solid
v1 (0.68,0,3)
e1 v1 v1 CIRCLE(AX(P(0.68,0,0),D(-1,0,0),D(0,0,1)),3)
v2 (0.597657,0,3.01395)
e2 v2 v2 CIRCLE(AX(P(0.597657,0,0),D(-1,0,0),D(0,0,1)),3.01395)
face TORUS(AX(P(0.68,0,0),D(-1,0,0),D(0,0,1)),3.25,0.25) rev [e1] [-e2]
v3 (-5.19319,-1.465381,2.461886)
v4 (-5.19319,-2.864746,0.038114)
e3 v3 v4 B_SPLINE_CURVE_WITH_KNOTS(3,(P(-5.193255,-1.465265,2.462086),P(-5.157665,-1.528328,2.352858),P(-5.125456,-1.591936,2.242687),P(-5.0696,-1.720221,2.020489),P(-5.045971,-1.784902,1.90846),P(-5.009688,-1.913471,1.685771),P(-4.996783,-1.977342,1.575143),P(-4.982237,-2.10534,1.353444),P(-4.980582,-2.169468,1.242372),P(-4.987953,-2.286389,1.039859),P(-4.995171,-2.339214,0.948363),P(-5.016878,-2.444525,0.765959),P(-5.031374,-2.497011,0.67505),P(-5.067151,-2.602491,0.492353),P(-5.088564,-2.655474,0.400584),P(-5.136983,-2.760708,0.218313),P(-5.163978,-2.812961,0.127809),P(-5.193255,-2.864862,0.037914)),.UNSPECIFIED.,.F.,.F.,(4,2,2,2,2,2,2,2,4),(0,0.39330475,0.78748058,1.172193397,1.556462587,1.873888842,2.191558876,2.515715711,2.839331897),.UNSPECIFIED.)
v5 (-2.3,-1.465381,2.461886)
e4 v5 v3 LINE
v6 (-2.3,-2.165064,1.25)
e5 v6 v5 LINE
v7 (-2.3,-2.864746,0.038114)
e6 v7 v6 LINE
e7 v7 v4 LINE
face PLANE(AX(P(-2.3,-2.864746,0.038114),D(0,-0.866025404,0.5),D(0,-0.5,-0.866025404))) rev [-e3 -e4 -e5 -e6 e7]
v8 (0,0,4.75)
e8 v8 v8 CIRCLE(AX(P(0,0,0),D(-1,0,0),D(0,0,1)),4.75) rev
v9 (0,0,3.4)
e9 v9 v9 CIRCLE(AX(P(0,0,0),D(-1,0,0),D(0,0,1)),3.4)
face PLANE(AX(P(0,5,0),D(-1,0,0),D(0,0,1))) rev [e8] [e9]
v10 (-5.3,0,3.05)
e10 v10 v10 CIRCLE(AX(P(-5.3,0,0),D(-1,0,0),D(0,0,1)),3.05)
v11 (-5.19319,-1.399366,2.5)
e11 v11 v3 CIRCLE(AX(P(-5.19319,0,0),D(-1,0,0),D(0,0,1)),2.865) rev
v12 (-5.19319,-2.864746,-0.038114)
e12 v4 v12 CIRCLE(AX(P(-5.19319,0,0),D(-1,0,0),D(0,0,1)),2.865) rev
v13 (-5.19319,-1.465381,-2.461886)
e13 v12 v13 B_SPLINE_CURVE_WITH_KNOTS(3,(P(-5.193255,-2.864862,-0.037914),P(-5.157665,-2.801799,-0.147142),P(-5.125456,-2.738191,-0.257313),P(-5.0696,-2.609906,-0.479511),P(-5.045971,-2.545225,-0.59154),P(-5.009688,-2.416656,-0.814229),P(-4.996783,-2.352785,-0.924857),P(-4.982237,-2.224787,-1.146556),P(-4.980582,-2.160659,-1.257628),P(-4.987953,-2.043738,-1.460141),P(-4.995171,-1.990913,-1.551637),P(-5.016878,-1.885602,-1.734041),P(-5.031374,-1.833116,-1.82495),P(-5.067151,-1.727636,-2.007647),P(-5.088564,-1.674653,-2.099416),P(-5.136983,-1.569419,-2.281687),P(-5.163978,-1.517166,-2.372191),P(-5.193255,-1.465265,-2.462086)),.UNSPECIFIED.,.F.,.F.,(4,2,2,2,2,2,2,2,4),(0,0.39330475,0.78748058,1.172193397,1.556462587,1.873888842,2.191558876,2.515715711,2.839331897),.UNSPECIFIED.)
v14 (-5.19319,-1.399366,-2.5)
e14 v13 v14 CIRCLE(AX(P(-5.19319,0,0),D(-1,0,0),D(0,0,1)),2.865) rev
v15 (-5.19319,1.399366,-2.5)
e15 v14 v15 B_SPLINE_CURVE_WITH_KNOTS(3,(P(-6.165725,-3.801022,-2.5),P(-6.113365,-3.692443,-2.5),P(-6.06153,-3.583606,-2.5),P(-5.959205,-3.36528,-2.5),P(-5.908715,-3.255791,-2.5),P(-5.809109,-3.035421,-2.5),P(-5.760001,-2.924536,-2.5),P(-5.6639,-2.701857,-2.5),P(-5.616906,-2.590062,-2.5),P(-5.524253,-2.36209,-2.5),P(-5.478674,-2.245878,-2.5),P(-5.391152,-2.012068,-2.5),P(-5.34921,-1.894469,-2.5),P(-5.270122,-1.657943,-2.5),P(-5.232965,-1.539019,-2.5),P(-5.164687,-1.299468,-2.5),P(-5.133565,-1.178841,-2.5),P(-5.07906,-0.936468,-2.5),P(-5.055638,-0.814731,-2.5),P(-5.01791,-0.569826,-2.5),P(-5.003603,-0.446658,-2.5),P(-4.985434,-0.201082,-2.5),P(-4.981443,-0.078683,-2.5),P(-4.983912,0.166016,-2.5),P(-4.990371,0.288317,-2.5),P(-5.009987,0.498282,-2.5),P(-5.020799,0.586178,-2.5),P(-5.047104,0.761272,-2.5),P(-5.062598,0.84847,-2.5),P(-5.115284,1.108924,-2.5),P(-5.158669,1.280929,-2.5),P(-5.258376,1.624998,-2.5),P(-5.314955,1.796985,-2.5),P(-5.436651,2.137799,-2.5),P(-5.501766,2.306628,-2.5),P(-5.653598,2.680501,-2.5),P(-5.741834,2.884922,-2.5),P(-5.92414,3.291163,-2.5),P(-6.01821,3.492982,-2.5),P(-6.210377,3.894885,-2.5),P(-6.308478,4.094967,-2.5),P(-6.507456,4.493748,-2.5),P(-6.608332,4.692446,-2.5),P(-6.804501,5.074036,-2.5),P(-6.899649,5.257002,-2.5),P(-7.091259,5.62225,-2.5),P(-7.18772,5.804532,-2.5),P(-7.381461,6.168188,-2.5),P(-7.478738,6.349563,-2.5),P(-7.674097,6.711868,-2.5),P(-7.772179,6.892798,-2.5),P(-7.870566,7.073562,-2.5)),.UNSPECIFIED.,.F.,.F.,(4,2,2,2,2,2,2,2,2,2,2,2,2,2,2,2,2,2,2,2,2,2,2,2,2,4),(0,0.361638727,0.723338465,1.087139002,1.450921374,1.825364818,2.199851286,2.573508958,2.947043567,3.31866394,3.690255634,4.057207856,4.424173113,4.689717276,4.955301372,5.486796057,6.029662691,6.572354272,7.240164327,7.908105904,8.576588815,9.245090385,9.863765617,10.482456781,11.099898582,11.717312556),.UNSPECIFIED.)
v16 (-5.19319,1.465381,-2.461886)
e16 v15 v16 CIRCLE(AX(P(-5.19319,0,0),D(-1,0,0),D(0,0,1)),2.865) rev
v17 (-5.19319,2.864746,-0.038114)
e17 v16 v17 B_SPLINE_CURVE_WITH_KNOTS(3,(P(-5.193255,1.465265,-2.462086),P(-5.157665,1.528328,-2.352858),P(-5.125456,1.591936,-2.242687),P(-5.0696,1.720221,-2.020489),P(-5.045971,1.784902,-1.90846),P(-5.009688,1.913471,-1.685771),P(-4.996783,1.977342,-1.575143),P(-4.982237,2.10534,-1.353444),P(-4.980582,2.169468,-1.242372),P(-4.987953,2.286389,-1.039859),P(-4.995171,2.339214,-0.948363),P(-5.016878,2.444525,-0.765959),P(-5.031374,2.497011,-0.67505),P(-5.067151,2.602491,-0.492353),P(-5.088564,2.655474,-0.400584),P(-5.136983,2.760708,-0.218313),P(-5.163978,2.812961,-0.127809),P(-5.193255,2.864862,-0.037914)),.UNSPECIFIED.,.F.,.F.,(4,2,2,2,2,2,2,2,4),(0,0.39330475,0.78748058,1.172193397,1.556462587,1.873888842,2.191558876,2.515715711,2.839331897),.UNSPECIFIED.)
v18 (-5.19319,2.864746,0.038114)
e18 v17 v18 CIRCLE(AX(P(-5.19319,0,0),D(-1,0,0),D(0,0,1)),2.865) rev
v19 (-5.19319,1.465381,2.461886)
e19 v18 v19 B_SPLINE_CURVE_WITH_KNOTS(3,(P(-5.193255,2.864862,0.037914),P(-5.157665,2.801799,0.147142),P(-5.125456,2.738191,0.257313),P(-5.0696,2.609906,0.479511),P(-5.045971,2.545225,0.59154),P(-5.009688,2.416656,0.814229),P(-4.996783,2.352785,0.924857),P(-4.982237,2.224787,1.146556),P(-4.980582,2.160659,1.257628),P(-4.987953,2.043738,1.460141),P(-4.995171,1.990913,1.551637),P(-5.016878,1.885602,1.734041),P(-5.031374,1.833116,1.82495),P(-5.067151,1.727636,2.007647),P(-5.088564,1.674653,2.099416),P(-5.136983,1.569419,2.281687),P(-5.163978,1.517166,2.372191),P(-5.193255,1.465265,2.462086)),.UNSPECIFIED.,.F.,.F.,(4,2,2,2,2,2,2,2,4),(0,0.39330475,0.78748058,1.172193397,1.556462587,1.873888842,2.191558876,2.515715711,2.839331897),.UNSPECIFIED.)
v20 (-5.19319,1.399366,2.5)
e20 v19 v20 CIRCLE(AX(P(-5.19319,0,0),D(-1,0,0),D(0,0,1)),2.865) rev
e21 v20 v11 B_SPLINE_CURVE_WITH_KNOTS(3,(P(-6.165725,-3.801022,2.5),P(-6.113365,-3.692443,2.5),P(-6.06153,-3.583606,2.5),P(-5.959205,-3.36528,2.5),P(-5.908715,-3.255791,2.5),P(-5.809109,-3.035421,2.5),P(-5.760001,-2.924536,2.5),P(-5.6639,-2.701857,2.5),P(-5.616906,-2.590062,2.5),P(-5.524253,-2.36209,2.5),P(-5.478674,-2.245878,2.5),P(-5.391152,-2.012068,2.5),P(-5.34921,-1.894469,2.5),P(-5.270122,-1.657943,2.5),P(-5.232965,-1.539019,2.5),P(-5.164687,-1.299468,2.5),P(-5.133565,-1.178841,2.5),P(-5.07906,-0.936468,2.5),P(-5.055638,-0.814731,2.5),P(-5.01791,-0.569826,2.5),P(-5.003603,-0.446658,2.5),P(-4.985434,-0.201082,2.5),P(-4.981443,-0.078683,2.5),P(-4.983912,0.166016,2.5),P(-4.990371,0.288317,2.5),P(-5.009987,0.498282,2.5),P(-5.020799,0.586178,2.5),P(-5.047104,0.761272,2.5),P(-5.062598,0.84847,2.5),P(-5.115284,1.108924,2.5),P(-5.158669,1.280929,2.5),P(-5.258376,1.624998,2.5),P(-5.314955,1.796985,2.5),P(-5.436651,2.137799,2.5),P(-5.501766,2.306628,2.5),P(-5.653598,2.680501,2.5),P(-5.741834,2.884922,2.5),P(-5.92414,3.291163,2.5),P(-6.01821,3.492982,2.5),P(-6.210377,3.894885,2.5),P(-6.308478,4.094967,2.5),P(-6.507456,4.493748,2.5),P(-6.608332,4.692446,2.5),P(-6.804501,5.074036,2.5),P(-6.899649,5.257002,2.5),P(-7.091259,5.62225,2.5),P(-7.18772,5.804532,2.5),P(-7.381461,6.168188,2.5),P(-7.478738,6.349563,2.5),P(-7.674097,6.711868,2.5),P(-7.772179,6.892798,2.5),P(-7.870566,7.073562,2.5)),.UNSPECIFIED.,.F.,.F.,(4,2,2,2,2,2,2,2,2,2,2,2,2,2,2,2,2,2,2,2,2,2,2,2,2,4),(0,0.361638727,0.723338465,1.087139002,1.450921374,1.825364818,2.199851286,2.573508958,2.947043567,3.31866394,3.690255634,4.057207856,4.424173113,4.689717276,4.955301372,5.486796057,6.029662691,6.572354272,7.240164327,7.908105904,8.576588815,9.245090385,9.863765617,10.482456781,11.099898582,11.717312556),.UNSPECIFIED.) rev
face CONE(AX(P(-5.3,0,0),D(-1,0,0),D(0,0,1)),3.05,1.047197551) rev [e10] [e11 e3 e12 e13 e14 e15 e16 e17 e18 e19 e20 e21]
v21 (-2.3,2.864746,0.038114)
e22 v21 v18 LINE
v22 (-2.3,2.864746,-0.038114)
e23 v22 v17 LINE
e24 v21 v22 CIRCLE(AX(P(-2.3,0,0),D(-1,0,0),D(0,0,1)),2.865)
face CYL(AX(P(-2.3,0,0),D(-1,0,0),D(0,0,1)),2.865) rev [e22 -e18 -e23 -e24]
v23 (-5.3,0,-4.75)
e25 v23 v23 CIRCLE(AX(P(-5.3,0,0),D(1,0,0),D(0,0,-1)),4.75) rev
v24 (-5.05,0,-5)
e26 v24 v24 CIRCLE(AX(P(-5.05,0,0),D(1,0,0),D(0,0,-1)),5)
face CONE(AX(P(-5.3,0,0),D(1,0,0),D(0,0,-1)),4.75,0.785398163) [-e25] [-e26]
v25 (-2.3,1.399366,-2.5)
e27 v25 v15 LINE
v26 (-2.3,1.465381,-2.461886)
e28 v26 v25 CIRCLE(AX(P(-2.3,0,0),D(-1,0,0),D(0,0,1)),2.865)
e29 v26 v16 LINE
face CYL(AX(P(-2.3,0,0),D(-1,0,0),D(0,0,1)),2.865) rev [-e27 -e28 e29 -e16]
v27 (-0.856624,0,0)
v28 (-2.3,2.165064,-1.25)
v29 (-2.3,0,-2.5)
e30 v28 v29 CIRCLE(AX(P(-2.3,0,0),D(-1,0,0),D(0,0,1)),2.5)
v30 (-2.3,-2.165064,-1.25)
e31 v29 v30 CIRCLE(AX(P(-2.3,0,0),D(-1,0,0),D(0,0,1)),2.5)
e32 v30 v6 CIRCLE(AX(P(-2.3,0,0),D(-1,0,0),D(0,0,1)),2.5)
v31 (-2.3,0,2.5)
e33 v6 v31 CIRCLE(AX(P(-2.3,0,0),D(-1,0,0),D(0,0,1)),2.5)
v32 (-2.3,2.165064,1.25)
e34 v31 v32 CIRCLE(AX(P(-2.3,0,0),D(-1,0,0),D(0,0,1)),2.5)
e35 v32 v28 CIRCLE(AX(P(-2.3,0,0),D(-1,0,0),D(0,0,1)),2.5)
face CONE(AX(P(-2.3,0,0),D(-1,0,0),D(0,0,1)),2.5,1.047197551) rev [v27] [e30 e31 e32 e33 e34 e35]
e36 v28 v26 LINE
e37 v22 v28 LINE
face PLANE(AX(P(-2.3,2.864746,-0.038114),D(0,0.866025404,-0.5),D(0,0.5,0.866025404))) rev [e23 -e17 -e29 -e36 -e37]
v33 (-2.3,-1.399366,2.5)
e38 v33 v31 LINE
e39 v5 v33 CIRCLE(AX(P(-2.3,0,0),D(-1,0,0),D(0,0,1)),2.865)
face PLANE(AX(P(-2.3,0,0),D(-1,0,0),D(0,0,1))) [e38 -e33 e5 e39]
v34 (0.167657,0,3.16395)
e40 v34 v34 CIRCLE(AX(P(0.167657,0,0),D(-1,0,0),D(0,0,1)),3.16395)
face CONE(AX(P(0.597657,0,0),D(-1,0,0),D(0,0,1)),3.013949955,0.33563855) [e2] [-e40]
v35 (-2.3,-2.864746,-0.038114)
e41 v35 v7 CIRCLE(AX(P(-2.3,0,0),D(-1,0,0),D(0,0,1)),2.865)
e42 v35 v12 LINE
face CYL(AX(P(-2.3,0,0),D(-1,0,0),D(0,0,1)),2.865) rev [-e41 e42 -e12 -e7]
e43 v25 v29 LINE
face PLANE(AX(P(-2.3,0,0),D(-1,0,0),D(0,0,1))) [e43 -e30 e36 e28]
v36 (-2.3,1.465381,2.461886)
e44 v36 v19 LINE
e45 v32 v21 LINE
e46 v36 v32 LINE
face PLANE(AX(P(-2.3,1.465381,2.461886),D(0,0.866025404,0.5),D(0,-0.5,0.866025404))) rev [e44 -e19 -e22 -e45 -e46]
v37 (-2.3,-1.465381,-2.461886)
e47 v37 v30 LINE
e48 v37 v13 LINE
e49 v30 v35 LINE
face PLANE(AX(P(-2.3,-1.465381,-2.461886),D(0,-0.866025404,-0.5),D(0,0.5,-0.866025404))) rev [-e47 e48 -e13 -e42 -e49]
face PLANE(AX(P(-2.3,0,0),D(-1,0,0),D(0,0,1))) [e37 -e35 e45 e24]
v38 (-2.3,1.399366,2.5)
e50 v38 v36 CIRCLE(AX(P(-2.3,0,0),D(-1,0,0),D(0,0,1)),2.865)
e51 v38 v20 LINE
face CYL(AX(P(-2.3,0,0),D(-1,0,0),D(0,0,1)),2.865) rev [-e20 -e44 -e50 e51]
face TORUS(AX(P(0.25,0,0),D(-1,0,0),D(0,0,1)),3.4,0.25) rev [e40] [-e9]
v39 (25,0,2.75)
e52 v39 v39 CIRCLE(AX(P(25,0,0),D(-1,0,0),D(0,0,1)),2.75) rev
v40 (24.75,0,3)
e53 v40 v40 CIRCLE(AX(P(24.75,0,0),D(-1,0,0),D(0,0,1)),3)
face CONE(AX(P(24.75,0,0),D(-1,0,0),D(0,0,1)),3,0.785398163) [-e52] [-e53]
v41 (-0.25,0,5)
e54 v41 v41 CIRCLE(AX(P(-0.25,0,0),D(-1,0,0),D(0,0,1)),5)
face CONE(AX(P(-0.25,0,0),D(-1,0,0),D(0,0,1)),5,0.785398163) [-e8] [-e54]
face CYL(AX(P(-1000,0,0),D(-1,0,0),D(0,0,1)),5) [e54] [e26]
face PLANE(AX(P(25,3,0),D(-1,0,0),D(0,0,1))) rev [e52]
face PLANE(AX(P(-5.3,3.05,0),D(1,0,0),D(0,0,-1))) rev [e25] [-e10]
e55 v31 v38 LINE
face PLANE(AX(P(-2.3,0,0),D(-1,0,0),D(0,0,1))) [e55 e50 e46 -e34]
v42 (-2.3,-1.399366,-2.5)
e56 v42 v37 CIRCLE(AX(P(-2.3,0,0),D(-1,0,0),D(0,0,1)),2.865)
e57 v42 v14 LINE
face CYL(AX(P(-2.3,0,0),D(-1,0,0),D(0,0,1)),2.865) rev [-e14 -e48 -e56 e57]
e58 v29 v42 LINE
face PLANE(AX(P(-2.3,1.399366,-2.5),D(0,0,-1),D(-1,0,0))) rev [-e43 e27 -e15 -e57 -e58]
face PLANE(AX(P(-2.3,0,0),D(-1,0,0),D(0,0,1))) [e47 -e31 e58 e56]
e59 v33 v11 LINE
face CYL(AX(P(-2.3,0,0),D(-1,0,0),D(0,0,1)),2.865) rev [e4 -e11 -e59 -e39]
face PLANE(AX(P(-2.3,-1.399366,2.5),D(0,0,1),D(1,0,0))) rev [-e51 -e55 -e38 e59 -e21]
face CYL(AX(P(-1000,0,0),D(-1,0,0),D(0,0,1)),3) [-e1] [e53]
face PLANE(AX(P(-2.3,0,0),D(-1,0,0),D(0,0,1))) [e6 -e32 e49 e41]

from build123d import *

# Parameters (mm, degrees)
CUT_EXTRUDE_1_DEPTH = 3
CHAMFER_1_SIZE      = 0.25


with BuildPart() as part:
    # Эскиз1 → Повернуть1 (revolve)
    with BuildSketch(Plane.XY):
        with BuildLine():
            Line((-4.982457352, 2.5), (-5.3, 3.05))
            Line((-5.3, 3.05), (-5.3, 5))
            Line((-5.3, 5), (0, 5))
            Line((0, 5), (0, 3.4))
            ThreePointArc((0, 3.4), (0.046179295, 3.255234258), (0.167656961, 3.163949955))
            Line((0.167656961, 3.163949955), (0.597656961, 3.013949955))
            ThreePointArc((0.597656961, 3.013949955), (0.638241835, 3.003512159), (0.68, 3))
            Line((0.68, 3), (25, 3))
            Line((25, 3), (25, 0))
            Line((25, 0), (-0.856624327, 0))
            Line((-0.856624327, 0), (-2.3, 2.5))
            Line((-2.3, 2.5), (-4.982457352, 2.5))
        make_face()
    revolve(axis=Axis((-1000, 0, 0), (1, 0, 0)))

    # Эскиз2 → Вырез-Вытянуть1 (cut)
    with BuildSketch(Plane.ZY.offset(5.3)):
        with BuildLine():
            Line((-0.038113557, 2.864746473), (-2.461886443, 1.465380546))
            ThreePointArc((-2.461886443, 1.465380546), (-2.481162782, 1.4325), (-2.5, 1.399365928))
            Line((-2.5, 1.399365928), (-2.5, -1.399365928))
            ThreePointArc((-2.5, -1.399365928), (-2.481162782, -1.4325), (-2.461886443, -1.465380546))
            Line((-2.461886443, -1.465380546), (-0.038113557, -2.864746473))
            ThreePointArc((-0.038113557, -2.864746473), (0, -2.865), (0.038113557, -2.864746473))
            Line((0.038113557, -2.864746473), (2.461886443, -1.465380546))
            ThreePointArc((2.461886443, -1.465380546), (2.481162782, -1.4325), (2.5, -1.399365928))
            Line((2.5, -1.399365928), (2.5, 1.399365928))
            ThreePointArc((2.5, 1.399365928), (2.481162782, 1.4325), (2.461886443, 1.465380546))
            Line((2.461886443, 1.465380546), (0.038113557, 2.864746473))
            ThreePointArc((0.038113557, 2.864746473), (0, 2.865), (-0.038113557, 2.864746473))
        make_face()
    extrude(amount=-CUT_EXTRUDE_1_DEPTH, mode=Mode.SUBTRACT)

    # Фаска1
    chamfer_1_edges = [part.edges().sort_by_distance(p)[0] for p in [
        (-5.3, -5, 0),
        (0, -5, 0),
        (25, -3, 0),
    ]]
    chamfer(chamfer_1_edges, length=CHAMFER_1_SIZE)


solid = part.part
